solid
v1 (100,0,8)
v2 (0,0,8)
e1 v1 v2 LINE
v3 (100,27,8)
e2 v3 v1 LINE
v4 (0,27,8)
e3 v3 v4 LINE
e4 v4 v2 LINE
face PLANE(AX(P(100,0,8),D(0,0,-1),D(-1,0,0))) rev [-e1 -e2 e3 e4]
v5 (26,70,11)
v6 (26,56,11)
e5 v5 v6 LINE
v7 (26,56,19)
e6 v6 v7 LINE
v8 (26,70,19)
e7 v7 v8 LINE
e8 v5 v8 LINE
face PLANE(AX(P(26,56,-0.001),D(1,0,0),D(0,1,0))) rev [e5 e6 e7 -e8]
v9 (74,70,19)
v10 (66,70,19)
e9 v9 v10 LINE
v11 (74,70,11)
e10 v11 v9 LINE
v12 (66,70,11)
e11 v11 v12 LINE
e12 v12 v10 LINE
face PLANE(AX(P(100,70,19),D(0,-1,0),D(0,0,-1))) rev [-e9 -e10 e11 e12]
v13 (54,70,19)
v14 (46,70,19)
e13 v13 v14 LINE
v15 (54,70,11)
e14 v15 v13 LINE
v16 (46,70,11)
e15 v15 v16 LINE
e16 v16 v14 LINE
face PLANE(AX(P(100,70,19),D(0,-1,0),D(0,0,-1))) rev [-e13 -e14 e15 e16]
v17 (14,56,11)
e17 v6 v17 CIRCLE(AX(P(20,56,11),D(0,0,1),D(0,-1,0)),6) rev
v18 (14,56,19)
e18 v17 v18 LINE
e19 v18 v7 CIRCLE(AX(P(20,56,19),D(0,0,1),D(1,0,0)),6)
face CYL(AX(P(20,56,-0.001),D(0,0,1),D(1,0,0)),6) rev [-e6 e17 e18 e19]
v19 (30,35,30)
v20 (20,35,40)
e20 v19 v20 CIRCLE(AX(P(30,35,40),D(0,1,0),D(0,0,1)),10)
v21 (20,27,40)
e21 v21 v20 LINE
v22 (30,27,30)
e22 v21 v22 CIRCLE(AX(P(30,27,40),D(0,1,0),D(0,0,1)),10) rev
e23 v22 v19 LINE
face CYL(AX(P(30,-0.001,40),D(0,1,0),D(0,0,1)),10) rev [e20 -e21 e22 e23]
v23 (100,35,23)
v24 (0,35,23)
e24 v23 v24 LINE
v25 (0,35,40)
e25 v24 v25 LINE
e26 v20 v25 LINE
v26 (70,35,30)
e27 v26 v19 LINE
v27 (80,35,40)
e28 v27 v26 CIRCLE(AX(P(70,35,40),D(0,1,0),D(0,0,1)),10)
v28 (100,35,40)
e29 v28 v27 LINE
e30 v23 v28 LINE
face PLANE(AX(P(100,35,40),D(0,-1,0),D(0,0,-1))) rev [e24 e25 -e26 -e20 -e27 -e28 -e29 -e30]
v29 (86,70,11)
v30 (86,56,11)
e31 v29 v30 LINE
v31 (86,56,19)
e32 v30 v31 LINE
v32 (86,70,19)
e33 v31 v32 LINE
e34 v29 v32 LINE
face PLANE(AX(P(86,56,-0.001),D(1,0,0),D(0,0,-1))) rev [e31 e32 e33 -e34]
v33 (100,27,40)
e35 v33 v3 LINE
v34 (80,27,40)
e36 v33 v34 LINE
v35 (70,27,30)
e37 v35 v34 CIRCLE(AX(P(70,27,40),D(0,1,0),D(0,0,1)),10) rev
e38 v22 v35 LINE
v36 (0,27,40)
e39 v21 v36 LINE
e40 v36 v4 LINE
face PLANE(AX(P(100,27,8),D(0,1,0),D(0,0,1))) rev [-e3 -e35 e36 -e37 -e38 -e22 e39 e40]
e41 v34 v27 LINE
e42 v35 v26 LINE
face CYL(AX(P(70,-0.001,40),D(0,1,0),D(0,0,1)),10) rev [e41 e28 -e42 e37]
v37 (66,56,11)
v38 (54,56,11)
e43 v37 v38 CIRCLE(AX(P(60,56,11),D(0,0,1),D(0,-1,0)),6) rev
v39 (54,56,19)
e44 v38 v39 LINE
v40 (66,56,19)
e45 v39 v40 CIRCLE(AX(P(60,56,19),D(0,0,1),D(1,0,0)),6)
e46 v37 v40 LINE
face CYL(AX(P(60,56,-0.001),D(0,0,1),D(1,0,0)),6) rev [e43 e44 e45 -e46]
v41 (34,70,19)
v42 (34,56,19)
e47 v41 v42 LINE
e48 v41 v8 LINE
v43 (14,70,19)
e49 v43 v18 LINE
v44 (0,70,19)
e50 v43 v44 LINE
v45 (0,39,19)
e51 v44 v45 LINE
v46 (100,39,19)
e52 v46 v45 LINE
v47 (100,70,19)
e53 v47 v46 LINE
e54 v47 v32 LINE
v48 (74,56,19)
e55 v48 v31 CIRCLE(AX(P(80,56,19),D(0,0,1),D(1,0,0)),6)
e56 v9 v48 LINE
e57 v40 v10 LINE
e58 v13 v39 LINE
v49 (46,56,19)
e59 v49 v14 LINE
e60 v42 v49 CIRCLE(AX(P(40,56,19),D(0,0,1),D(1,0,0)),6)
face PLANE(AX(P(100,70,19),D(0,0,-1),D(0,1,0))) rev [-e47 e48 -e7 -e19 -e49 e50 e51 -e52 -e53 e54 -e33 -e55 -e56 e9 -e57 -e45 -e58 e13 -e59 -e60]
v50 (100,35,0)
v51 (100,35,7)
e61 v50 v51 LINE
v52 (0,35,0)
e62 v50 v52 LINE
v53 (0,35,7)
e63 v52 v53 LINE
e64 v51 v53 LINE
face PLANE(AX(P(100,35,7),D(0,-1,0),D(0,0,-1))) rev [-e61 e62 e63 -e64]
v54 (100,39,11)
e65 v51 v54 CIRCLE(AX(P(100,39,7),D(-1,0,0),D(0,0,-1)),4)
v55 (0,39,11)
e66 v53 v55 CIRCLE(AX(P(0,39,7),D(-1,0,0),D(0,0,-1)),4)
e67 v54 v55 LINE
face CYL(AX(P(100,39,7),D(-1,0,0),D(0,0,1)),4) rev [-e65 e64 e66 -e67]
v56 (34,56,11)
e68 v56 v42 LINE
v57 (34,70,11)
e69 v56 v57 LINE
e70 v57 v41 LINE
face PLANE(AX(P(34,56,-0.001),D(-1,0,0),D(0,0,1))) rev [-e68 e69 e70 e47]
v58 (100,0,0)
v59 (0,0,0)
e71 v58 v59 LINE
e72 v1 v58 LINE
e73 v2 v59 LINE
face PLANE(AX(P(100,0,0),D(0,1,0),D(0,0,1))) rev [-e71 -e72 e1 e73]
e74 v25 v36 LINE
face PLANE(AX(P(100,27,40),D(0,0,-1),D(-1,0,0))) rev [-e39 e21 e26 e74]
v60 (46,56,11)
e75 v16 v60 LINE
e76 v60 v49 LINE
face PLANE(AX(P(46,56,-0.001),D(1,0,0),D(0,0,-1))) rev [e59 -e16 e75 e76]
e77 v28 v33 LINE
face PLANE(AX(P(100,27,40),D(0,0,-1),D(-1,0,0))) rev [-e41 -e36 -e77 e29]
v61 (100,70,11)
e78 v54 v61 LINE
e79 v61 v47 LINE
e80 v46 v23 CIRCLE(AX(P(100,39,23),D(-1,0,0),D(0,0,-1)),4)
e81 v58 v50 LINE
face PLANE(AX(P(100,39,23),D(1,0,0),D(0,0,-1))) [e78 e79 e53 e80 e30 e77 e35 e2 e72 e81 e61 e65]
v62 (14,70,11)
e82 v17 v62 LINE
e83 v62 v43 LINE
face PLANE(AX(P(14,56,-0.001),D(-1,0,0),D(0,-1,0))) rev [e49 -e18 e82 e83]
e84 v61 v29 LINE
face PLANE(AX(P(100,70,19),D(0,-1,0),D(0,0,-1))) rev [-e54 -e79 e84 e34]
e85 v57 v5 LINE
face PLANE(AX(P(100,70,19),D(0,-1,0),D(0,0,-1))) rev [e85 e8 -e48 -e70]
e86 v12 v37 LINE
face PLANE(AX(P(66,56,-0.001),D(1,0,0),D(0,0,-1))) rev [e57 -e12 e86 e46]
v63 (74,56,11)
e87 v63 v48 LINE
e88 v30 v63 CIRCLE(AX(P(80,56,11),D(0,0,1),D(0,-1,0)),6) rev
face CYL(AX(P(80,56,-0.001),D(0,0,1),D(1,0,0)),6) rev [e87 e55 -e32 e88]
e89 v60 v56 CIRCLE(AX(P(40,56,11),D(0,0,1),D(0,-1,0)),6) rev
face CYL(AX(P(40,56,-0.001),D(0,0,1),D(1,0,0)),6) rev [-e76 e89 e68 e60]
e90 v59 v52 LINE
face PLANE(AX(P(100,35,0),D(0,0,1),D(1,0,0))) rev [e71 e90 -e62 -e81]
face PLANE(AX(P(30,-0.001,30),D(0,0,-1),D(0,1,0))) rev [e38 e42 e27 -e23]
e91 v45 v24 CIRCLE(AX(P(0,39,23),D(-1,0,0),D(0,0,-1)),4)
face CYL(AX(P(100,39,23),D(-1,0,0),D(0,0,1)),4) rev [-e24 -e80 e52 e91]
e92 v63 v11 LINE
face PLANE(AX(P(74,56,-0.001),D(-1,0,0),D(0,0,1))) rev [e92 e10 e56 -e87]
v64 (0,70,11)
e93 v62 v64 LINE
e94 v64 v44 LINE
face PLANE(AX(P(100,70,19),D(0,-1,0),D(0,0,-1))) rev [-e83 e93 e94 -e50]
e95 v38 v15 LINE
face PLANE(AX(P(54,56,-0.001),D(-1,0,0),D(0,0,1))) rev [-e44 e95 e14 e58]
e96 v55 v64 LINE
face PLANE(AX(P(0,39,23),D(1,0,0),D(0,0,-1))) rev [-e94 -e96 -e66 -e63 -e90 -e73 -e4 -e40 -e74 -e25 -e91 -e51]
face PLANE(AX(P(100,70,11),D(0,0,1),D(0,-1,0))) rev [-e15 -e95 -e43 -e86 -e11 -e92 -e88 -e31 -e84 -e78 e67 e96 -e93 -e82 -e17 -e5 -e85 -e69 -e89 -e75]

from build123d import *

# Parameters (mm, degrees)
BOSS_EXTRUDE2_DEPTH = 100
CUT_EXTRUDE1_REACH  = 125.859
CUT_EXTRUDE2_REACH  = 115.248


with BuildPart() as part:
    # Sketch1 → Boss-Extrude2 (new body)
    with BuildSketch(Plane(origin=(0, 0, 0), x_dir=(0, 0, -1), z_dir=(1, 0, 0))):
        with BuildLine():
            Line((-19, 70), (-11, 70))
            Line((-11, 70), (-11, 39))
            ThreePointArc((-11, 39), (-9.828427125, 36.171572875), (-7, 35))
            Line((-7, 35), (0, 35))
            Line((0, 35), (0, 0))
            Line((0, 0), (-8, 0))
            Line((-8, 0), (-8, 27))
            Line((-8, 27), (-40, 27))
            Line((-40, 27), (-40, 35))
            Line((-40, 35), (-23, 35))
            ThreePointArc((-23, 35), (-20.171572875, 36.171572875), (-19, 39))
            Line((-19, 39), (-19, 70))
        make_face()
    extrude(amount=BOSS_EXTRUDE2_DEPTH)

    # Sketch2 → Cut-Extrude1 (cut, up to next)
    with BuildSketch(Plane.XY.offset(19), mode=Mode.PRIVATE) as cut_extrude1_sk1:
        with BuildLine():
            Line((14, 56), (14, 70))
            Line((14, 70), (26, 70))
            Line((26, 70), (26, 56))
            ThreePointArc((26, 56), (20, 50), (14, 56))
        make_face()
    cut_extrude1_tool1 = extrude(cut_extrude1_sk1.sketch, amount=-CUT_EXTRUDE1_REACH, mode=Mode.PRIVATE) & part.part
    # Sketch2 → Cut-Extrude1 (cut, up to next)
    with BuildSketch(Plane.XY.offset(19), mode=Mode.PRIVATE) as cut_extrude1_sk2:
        with BuildLine():
            Line((34, 56), (34, 70))
            Line((34, 70), (46, 70))
            Line((46, 70), (46, 56))
            ThreePointArc((46, 56), (40, 50), (34, 56))
        make_face()
    cut_extrude1_tool2 = extrude(cut_extrude1_sk2.sketch, amount=-CUT_EXTRUDE1_REACH, mode=Mode.PRIVATE) & part.part
    # Sketch2 → Cut-Extrude1 (cut, up to next)
    with BuildSketch(Plane.XY.offset(19), mode=Mode.PRIVATE) as cut_extrude1_sk3:
        with BuildLine():
            Line((54, 56), (54, 70))
            Line((54, 70), (66, 70))
            Line((66, 70), (66, 56))
            ThreePointArc((66, 56), (60, 50), (54, 56))
        make_face()
    cut_extrude1_tool3 = extrude(cut_extrude1_sk3.sketch, amount=-CUT_EXTRUDE1_REACH, mode=Mode.PRIVATE) & part.part
    # Sketch2 → Cut-Extrude1 (cut, up to next)
    with BuildSketch(Plane.XY.offset(19), mode=Mode.PRIVATE) as cut_extrude1_sk4:
        with BuildLine():
            Line((74, 56), (74, 70))
            Line((74, 70), (86, 70))
            Line((86, 70), (86, 56))
            ThreePointArc((86, 56), (80, 50), (74, 56))
        make_face()
    cut_extrude1_tool4 = extrude(cut_extrude1_sk4.sketch, amount=-CUT_EXTRUDE1_REACH, mode=Mode.PRIVATE) & part.part
    add(cut_extrude1_tool1.solids().sort_by_distance((20, 60.595886, 19))[0], mode=Mode.SUBTRACT)
    add(cut_extrude1_tool2.solids().sort_by_distance((40, 60.595886, 19))[0], mode=Mode.SUBTRACT)
    add(cut_extrude1_tool3.solids().sort_by_distance((60, 60.595886, 19))[0], mode=Mode.SUBTRACT)
    add(cut_extrude1_tool4.solids().sort_by_distance((80, 60.595886, 19))[0], mode=Mode.SUBTRACT)

    # Sketch3 → Cut-Extrude2 (cut, up to next)
    with BuildSketch(Plane(origin=(0, 35, 0), x_dir=(1, 0, 0), z_dir=(0, 1, 0)), mode=Mode.PRIVATE) as cut_extrude2_sk1:
        with BuildLine():
            Line((20, -40), (80, -40))
            ThreePointArc((80, -40), (77.071067812, -32.928932188), (70, -30))
            Line((70, -30), (30, -30))
            ThreePointArc((30, -30), (22.928932188, -32.928932188), (20, -40))
        make_face()
    cut_extrude2_tool1 = extrude(cut_extrude2_sk1.sketch, amount=-CUT_EXTRUDE2_REACH, mode=Mode.PRIVATE) & part.part
    add(cut_extrude2_tool1.solids().sort_by_distance((50, 35, 35.213132))[0], mode=Mode.SUBTRACT)


solid = part.part
